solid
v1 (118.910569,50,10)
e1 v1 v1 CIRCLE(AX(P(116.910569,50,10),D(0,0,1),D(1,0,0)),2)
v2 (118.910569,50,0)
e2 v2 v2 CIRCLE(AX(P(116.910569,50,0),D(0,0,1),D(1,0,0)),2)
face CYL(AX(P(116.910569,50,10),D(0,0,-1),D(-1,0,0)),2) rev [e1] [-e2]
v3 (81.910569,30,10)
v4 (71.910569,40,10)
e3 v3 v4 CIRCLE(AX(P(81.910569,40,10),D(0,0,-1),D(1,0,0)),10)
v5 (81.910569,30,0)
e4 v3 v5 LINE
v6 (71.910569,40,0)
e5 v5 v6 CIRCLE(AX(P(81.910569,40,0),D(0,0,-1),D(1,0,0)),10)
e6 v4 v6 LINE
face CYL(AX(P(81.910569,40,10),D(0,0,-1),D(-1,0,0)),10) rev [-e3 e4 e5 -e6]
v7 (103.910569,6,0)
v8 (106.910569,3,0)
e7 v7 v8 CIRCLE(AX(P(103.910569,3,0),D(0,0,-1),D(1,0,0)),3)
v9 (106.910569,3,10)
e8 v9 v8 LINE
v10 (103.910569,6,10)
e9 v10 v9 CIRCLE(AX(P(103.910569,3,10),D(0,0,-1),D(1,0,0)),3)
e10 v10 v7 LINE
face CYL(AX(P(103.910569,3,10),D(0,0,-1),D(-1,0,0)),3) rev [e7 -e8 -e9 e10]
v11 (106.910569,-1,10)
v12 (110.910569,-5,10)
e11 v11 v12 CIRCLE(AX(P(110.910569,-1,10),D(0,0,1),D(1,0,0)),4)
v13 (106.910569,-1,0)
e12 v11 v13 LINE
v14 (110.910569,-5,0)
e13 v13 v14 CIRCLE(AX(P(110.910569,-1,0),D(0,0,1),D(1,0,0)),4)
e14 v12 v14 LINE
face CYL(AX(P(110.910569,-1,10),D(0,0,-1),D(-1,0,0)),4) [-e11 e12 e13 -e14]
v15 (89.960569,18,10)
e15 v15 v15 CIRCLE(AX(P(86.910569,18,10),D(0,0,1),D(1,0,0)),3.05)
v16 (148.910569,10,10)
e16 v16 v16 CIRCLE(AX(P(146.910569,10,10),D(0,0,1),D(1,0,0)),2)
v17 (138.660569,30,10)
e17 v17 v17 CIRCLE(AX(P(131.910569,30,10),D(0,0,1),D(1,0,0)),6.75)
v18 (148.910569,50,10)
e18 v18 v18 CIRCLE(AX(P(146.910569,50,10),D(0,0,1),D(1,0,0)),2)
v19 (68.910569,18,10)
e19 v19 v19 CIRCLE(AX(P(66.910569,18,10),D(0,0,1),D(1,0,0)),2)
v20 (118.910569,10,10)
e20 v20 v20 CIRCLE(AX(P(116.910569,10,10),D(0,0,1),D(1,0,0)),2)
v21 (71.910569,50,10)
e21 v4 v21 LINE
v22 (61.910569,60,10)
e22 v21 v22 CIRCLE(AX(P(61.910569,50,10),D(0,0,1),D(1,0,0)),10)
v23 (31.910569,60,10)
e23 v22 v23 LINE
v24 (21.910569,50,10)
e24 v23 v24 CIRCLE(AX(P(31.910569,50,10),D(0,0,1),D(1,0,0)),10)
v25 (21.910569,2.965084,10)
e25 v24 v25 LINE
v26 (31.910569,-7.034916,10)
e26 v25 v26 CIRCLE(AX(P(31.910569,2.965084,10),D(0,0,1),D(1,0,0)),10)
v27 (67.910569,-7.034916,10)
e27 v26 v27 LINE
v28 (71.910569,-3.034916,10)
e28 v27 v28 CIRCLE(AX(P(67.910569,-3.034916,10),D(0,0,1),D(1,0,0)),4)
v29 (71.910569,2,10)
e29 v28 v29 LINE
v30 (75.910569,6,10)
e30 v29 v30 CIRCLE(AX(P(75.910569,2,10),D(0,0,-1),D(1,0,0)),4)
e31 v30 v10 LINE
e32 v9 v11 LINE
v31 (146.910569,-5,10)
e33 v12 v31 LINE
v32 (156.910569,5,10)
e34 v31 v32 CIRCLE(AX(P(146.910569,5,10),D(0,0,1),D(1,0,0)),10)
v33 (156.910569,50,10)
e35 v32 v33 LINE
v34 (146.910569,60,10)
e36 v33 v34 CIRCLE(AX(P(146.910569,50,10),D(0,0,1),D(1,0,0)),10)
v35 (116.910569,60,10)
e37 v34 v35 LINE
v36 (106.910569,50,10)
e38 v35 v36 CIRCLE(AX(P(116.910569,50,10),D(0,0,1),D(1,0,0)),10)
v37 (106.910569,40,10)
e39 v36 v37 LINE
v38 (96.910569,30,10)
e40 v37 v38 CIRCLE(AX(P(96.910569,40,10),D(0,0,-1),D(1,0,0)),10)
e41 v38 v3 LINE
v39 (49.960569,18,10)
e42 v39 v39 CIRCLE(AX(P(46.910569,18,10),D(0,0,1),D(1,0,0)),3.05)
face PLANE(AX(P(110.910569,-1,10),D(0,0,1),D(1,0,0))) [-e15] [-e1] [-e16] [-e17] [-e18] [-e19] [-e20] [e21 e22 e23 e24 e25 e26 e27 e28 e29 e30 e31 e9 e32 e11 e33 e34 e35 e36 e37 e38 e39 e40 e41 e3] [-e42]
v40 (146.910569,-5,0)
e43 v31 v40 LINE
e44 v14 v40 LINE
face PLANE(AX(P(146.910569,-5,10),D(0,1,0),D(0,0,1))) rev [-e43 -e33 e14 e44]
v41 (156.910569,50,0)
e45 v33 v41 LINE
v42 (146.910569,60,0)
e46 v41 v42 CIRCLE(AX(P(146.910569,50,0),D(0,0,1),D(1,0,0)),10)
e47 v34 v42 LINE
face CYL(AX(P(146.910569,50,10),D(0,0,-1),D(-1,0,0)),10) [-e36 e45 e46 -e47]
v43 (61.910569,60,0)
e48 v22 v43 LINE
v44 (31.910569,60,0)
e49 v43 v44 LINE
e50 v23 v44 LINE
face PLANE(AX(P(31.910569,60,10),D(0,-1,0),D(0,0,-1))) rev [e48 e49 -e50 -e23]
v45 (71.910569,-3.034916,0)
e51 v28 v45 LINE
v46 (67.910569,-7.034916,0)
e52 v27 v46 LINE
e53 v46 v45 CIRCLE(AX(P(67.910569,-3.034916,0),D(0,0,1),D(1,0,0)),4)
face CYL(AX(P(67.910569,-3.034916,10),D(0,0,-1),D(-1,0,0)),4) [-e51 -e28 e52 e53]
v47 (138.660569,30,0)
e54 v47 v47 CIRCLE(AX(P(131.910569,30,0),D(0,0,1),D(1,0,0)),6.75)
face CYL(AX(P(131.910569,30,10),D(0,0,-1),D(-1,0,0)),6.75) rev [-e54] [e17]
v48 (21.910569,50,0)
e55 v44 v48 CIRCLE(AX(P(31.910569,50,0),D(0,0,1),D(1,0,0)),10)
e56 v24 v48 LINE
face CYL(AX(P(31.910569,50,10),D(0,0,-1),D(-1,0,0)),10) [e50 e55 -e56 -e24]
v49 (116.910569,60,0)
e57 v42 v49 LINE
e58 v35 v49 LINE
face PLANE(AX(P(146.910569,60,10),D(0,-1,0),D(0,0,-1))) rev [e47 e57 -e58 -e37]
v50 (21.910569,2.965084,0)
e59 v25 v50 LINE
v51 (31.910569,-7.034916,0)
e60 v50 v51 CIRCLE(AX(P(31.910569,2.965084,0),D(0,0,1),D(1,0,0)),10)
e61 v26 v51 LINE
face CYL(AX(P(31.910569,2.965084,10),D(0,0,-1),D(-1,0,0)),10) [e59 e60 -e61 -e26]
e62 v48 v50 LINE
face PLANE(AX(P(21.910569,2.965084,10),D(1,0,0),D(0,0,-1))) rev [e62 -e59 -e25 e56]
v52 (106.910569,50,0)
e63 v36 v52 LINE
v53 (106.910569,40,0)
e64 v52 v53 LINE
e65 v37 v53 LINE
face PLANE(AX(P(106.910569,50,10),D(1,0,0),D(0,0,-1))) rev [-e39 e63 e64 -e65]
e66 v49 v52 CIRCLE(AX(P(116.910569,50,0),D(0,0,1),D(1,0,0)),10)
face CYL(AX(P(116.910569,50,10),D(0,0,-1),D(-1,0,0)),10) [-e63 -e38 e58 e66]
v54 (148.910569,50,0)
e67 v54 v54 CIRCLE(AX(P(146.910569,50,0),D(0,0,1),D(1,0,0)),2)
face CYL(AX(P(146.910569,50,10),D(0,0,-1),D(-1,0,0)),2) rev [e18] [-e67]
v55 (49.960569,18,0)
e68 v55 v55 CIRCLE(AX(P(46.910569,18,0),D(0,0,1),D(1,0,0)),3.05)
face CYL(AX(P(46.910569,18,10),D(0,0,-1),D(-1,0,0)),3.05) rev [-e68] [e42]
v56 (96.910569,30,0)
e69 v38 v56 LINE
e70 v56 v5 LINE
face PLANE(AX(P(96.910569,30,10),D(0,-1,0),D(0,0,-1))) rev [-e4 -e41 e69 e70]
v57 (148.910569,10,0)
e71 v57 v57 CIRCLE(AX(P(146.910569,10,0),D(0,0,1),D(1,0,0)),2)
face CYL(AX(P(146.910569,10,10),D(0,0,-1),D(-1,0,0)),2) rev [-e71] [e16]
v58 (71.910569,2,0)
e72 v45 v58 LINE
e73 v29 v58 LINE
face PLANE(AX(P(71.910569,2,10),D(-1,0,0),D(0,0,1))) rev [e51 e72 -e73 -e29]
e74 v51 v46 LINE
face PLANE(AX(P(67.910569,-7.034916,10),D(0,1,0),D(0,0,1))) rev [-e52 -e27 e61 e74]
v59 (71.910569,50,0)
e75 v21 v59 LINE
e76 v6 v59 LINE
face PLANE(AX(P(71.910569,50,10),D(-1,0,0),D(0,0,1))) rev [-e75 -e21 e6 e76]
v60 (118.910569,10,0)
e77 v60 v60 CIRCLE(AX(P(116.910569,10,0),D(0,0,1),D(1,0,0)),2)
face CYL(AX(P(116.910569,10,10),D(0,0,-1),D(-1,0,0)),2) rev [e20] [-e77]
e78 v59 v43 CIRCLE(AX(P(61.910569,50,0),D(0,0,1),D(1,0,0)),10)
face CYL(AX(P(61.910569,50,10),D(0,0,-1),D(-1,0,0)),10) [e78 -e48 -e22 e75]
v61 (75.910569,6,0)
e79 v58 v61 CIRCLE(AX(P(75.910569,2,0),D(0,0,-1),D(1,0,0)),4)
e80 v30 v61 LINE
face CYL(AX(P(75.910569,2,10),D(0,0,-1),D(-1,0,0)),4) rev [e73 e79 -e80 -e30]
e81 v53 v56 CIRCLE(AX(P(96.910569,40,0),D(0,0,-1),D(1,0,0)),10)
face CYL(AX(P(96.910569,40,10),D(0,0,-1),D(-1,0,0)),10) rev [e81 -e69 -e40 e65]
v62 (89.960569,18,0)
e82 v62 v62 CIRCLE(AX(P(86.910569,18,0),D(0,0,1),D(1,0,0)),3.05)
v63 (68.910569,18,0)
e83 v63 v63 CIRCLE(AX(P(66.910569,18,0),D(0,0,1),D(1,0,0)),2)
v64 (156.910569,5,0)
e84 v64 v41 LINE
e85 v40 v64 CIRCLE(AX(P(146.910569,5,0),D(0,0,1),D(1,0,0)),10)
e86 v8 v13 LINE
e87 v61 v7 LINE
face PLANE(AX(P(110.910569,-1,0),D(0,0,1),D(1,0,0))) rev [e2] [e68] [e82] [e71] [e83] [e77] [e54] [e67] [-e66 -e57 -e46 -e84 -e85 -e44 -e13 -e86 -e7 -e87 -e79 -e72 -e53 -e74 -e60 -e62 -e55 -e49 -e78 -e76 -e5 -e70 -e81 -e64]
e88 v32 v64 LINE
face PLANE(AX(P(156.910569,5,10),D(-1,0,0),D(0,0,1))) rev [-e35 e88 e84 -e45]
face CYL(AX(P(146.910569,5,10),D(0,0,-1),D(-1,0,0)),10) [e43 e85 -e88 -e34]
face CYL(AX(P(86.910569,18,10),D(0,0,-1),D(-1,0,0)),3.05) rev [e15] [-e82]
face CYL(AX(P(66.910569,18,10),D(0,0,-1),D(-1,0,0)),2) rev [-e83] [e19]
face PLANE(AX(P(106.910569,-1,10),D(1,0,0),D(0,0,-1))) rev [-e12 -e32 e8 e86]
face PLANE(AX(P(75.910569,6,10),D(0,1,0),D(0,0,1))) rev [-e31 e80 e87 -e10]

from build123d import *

# Parameters (mm, degrees)
MODEL_R             = 2
MODEL_R_2           = 3.05
MODEL_R_3           = 6.75
BOSS_EXTRUDE1_DEPTH = 10


with BuildPart() as part:
    # Model → Boss-Extrude1 (new body)
    with BuildSketch(Plane.XY):
        with BuildLine():
            Line((106.910569106, -1), (106.910569106, 3))
            ThreePointArc((106.910569106, 3), (106.031889449, 5.121320344), (103.910569106, 6))
            Line((103.910569106, 6), (75.910569106, 6))
            ThreePointArc((75.910569106, 6), (73.082141981, 4.828427125), (71.910569106, 2))
            Line((71.910569106, 2), (71.910569106, -3.03491552))
            ThreePointArc((71.910569106, -3.03491552), (70.73899623, -5.863342645), (67.910569106, -7.034915521))
            Line((67.910569106, -7.034915521), (31.910569106, -7.034915521))
            ThreePointArc((31.910569106, -7.034915521), (24.839501294, -4.105983332), (21.910569106, 2.96508448))
            Line((21.910569106, 2.96508448), (21.910569106, 50))
            ThreePointArc((21.910569106, 50), (24.839501294, 57.071067812), (31.910569106, 60))
            Line((31.910569106, 60), (61.910569106, 60))
            ThreePointArc((61.910569106, 60), (68.981636918, 57.071067812), (71.910569106, 50))
            Line((71.910569106, 50), (71.910569106, 40))
            ThreePointArc((71.910569106, 40), (74.839501294, 32.928932188), (81.910569106, 30))
            Line((81.910569106, 30), (96.910569106, 30))
            ThreePointArc((96.910569106, 30), (103.981636918, 32.928932188), (106.910569106, 40))
            Line((106.910569106, 40), (106.910569106, 50))
            ThreePointArc((106.910569106, 50), (109.839501294, 57.071067812), (116.910569106, 60))
            Line((116.910569106, 60), (146.910569106, 60))
            ThreePointArc((146.910569106, 60), (153.981636918, 57.071067812), (156.910569106, 50))
            Line((156.910569106, 50), (156.910569106, 5))
            ThreePointArc((156.910569106, 5), (153.981636918, -2.071067812), (146.910569106, -5))
            Line((146.910569106, -5), (110.910569106, -5))
            ThreePointArc((110.910569106, -5), (108.082141981, -3.828427125), (106.910569106, -1))
        make_face()
        with Locations((66.910569106, 18)):
            Circle(MODEL_R, mode=Mode.SUBTRACT)
        with Locations((46.910569106, 18)):
            Circle(MODEL_R_2, mode=Mode.SUBTRACT)
        with Locations((116.910569106, 10)):
            Circle(MODEL_R, mode=Mode.SUBTRACT)
        with Locations((146.910569106, 10)):
            Circle(MODEL_R, mode=Mode.SUBTRACT)
        with Locations((146.910569106, 50)):
            Circle(MODEL_R, mode=Mode.SUBTRACT)
        with Locations((116.910569106, 50)):
            Circle(MODEL_R, mode=Mode.SUBTRACT)
        with Locations((131.910569106, 30)):
            Circle(MODEL_R_3, mode=Mode.SUBTRACT)
        with Locations((86.910569106, 18)):
            Circle(MODEL_R_2, mode=Mode.SUBTRACT)
    extrude(amount=BOSS_EXTRUDE1_DEPTH)


solid = part.part
